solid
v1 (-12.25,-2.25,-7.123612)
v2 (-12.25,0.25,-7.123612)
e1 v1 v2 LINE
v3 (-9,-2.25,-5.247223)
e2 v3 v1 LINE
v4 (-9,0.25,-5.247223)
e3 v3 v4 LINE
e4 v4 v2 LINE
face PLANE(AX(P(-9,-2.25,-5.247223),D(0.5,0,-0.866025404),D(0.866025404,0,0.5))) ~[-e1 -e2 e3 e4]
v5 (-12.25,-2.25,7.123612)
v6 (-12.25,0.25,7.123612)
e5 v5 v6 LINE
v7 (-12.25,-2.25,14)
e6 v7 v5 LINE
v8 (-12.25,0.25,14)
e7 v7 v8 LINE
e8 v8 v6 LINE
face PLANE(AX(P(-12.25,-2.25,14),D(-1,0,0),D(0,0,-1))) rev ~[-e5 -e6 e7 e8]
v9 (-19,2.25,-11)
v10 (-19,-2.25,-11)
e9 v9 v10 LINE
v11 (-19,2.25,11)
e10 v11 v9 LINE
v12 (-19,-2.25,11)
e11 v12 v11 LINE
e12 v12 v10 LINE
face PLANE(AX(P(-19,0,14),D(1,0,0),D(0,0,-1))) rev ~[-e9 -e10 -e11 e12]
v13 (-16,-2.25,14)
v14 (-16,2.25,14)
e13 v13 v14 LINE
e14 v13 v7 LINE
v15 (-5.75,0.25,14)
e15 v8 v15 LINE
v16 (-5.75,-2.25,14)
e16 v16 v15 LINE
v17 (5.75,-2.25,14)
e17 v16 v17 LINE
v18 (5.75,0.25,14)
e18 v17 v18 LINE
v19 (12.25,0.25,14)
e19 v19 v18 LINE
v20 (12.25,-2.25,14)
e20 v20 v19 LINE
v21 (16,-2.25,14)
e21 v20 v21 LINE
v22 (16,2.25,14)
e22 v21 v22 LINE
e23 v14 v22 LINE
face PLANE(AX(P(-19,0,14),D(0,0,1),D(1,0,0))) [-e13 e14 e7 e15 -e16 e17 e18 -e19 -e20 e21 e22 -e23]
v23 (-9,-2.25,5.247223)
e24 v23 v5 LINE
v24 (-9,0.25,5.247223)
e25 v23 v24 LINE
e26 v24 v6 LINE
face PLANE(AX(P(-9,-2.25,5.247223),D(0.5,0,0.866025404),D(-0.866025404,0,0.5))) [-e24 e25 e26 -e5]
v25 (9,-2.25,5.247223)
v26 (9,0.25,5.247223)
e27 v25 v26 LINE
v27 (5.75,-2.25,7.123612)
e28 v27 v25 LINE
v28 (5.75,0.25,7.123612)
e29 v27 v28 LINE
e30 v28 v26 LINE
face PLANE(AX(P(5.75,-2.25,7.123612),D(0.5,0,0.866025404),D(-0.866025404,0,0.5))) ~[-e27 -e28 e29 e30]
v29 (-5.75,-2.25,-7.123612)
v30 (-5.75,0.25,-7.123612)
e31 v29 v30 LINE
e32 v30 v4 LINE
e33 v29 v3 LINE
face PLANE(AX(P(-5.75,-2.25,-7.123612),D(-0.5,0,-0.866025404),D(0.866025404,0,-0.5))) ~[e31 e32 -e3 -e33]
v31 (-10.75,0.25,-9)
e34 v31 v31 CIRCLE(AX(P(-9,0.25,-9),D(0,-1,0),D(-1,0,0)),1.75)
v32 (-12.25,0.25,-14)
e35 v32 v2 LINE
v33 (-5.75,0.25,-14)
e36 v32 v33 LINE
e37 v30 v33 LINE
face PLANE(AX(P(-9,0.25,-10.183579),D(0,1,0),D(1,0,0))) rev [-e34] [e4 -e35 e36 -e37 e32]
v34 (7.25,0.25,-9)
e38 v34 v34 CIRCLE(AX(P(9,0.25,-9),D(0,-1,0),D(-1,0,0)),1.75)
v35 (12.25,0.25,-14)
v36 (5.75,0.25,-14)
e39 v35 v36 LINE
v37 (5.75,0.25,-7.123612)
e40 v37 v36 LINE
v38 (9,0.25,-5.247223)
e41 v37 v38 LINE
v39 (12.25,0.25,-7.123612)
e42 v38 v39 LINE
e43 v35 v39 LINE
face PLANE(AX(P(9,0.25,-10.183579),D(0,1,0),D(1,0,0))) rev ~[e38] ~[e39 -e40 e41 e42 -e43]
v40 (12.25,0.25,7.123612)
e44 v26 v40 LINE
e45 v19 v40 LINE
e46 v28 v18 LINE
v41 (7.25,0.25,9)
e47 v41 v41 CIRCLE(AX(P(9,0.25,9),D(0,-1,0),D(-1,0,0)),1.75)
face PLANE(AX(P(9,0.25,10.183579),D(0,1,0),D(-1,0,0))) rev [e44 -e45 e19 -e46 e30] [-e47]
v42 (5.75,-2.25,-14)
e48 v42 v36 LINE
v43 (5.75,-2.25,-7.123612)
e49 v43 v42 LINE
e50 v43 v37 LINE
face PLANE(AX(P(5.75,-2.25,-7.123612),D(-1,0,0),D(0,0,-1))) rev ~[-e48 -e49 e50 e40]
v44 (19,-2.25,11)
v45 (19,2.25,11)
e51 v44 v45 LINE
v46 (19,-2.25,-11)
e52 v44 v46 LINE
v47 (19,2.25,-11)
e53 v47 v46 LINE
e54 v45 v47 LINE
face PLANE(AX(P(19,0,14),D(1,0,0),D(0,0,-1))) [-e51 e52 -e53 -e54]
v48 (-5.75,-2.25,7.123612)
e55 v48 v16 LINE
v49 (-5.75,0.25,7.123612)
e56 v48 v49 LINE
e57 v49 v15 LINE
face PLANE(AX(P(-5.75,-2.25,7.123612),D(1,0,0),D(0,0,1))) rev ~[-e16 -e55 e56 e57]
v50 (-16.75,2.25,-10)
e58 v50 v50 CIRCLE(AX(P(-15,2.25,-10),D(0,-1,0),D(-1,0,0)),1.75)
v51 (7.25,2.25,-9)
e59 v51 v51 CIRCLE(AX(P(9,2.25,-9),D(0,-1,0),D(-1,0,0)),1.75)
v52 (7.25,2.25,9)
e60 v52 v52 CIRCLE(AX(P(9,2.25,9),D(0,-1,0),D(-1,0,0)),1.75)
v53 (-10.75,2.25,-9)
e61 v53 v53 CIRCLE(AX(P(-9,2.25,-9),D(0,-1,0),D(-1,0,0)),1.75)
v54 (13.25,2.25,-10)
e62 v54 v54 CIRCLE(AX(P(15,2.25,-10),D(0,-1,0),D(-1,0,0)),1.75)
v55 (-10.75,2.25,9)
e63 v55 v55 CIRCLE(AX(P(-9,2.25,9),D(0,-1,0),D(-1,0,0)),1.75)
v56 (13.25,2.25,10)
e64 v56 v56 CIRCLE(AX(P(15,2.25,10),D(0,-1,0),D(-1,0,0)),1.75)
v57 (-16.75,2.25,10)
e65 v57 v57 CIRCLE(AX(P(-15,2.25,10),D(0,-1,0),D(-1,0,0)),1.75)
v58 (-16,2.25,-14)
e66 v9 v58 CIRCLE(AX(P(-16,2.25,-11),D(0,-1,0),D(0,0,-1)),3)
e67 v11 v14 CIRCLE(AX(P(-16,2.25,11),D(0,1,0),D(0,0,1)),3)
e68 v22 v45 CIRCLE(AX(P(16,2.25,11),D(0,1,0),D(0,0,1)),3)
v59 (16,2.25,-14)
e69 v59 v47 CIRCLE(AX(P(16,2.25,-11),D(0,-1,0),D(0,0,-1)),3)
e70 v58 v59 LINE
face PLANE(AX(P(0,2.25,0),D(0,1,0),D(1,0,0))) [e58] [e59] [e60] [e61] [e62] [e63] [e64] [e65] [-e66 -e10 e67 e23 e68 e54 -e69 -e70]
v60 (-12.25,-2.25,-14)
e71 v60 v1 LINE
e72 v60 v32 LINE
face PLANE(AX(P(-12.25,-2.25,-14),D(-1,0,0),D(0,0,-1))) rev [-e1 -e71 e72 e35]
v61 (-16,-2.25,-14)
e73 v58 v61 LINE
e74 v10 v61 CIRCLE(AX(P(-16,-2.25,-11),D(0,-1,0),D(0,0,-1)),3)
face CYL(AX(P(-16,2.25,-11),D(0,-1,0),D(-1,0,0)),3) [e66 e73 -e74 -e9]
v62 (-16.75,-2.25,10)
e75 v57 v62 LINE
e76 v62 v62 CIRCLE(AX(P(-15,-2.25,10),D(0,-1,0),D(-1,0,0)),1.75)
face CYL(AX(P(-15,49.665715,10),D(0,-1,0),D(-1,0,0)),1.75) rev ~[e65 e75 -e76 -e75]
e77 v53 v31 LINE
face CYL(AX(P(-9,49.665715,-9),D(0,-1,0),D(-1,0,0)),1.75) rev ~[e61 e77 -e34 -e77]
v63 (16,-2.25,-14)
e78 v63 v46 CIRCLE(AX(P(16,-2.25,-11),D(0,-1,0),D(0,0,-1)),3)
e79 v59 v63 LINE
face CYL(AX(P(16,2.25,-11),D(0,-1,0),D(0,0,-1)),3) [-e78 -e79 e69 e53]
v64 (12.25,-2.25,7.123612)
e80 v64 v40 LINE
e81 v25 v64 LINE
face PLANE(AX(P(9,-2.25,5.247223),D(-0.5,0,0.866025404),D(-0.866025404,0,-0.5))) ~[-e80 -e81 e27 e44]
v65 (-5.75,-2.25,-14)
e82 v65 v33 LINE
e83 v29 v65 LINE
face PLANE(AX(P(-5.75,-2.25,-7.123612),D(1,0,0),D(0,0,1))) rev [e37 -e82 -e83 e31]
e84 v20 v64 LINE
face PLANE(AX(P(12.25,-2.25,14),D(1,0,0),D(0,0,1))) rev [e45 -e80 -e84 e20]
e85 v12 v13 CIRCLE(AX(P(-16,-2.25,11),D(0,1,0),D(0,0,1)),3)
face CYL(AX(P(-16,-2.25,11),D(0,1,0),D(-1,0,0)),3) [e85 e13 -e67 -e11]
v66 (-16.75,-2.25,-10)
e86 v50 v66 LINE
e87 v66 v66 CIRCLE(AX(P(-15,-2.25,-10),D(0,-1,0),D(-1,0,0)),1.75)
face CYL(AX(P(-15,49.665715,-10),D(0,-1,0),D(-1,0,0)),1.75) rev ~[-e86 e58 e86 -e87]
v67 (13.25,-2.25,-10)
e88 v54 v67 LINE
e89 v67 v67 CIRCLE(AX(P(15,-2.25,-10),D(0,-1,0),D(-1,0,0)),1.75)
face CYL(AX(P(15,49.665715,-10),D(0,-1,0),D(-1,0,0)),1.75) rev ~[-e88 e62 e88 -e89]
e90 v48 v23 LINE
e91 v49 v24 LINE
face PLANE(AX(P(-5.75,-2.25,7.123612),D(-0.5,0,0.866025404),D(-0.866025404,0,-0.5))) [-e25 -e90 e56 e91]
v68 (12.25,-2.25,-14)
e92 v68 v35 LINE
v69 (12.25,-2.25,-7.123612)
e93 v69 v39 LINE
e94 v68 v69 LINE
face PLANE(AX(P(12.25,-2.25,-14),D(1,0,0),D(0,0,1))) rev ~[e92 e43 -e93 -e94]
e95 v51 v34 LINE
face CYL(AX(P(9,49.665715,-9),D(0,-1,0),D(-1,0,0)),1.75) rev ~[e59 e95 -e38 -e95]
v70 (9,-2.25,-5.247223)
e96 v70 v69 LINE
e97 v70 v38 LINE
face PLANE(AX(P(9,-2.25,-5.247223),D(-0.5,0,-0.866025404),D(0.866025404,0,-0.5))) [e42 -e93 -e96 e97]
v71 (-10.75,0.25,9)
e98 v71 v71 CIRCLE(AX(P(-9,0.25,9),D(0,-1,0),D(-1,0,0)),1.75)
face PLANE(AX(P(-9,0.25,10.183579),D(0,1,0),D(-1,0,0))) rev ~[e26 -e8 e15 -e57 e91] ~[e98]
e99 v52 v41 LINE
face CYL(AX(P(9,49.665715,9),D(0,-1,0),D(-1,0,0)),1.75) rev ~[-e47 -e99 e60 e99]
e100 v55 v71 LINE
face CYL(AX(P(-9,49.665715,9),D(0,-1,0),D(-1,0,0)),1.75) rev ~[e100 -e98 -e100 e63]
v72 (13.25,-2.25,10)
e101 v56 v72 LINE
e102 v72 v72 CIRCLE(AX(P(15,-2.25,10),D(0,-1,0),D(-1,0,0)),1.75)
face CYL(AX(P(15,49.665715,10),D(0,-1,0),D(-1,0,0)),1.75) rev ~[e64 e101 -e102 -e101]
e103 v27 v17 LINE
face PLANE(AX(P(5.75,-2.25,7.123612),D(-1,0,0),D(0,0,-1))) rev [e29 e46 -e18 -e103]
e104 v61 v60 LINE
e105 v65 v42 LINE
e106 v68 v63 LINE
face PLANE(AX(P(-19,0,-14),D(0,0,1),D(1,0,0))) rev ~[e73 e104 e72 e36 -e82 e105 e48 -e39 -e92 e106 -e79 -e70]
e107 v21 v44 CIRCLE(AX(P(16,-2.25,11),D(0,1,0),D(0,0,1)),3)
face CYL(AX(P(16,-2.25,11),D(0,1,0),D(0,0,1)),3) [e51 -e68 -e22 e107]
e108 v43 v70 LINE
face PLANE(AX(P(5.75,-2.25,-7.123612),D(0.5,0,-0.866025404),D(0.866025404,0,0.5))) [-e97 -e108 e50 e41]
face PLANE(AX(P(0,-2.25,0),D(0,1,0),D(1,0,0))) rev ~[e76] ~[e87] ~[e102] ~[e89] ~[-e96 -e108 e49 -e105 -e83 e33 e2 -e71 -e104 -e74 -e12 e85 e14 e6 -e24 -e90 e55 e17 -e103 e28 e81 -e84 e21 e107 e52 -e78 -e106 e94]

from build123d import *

# Parameters (mm, degrees)
SKETCH_1_W              = 38
SKETCH_1_H              = 28
EXTRUDE_1_DEPTH         = 2.25
HOLE_WIZARD_3_5_3_5_2_D = 3.5
HOLE_WIZARD_3_5_3_5_4_D = 3.5
CUT_EXTRUDE_2_DEPTH     = 2.5
MIRROR_4_COPY_1_DEPTH   = 2.5
FILLET_2_R              = 3


with BuildPart() as part:
    # 草圖1 → 填料-伸長1 (new, symmetric)
    with BuildSketch(Plane(origin=(0, 0, 0), x_dir=(1, 0, 0), z_dir=(0, 1, 0))):
        Rectangle(SKETCH_1_W, SKETCH_1_H)
    extrude(amount=EXTRUDE_1_DEPTH, both=True)

    # Ø3.5 (3.5) 直徑孔2 (through all)
    with Locations(Plane(origin=(0, 2.25, 0), x_dir=(1, 0, 0), z_dir=(0, 1, 0))):
        with Locations((15, 10), (-15, -10), (-15, 10), (15, -10)):
            Hole(HOLE_WIZARD_3_5_3_5_2_D / 2)

    # Ø3.5 (3.5) 直徑孔4 (through all)
    with Locations(Plane(origin=(0, 2.25, 0), x_dir=(1, 0, 0), z_dir=(0, 1, 0))):
        with Locations((9, 9), (-9, -9), (-9, 9), (9, -9)):
            Hole(HOLE_WIZARD_3_5_3_5_4_D / 2)

    # 草圖9 → 除料-伸長2 (cut)
    with BuildSketch(Plane.XZ.offset(2.25)):
        Polygon((-12.25, 10.876388375), (-12.25, 14), (-5.75, 14), (-5.75, 10.876388375), (-5.75, 7.123611625), (-9, 5.24722325), (-12.25, 7.123611625), align=None)
    cut_extrude_2 = extrude(amount=-CUT_EXTRUDE_2_DEPTH, mode=Mode.SUBTRACT)

    # 鏡射3: 除料-伸長2 across plane
    add(cut_extrude_2.mirror(Plane.XY), mode=Mode.SUBTRACT)

    # 鏡射4: 除料-伸長2 across plane
    add(cut_extrude_2.mirror(Plane(origin=(0, 0, 0), x_dir=(0, 0, 1), z_dir=(1, 0, 0))), mode=Mode.SUBTRACT)

    # 鏡射4 copy 1 sketch → 鏡射4 copy 1 (cut)
    with BuildSketch(Plane(origin=(0, -2.25, 0), x_dir=(-1, 0, 0), z_dir=(0, -1, 0))):
        Polygon((-12.25, 10.876388375), (-12.25, 14), (-5.75, 14), (-5.75, 10.876388375), (-5.75, 7.123611625), (-9, 5.24722325), (-12.25, 7.123611625), align=None)
    extrude(amount=-MIRROR_4_COPY_1_DEPTH, mode=Mode.SUBTRACT)

    # 圓角2
    fillet_2_edges = [part.edges().sort_by_distance(p)[0] for p in [
        (19, 0, 14),
        (-19, 0, 14),
        (-19, 0, -14),
        (19, 0, -14),
    ]]
    fillet(fillet_2_edges, radius=FILLET_2_R)


solid = part.part
